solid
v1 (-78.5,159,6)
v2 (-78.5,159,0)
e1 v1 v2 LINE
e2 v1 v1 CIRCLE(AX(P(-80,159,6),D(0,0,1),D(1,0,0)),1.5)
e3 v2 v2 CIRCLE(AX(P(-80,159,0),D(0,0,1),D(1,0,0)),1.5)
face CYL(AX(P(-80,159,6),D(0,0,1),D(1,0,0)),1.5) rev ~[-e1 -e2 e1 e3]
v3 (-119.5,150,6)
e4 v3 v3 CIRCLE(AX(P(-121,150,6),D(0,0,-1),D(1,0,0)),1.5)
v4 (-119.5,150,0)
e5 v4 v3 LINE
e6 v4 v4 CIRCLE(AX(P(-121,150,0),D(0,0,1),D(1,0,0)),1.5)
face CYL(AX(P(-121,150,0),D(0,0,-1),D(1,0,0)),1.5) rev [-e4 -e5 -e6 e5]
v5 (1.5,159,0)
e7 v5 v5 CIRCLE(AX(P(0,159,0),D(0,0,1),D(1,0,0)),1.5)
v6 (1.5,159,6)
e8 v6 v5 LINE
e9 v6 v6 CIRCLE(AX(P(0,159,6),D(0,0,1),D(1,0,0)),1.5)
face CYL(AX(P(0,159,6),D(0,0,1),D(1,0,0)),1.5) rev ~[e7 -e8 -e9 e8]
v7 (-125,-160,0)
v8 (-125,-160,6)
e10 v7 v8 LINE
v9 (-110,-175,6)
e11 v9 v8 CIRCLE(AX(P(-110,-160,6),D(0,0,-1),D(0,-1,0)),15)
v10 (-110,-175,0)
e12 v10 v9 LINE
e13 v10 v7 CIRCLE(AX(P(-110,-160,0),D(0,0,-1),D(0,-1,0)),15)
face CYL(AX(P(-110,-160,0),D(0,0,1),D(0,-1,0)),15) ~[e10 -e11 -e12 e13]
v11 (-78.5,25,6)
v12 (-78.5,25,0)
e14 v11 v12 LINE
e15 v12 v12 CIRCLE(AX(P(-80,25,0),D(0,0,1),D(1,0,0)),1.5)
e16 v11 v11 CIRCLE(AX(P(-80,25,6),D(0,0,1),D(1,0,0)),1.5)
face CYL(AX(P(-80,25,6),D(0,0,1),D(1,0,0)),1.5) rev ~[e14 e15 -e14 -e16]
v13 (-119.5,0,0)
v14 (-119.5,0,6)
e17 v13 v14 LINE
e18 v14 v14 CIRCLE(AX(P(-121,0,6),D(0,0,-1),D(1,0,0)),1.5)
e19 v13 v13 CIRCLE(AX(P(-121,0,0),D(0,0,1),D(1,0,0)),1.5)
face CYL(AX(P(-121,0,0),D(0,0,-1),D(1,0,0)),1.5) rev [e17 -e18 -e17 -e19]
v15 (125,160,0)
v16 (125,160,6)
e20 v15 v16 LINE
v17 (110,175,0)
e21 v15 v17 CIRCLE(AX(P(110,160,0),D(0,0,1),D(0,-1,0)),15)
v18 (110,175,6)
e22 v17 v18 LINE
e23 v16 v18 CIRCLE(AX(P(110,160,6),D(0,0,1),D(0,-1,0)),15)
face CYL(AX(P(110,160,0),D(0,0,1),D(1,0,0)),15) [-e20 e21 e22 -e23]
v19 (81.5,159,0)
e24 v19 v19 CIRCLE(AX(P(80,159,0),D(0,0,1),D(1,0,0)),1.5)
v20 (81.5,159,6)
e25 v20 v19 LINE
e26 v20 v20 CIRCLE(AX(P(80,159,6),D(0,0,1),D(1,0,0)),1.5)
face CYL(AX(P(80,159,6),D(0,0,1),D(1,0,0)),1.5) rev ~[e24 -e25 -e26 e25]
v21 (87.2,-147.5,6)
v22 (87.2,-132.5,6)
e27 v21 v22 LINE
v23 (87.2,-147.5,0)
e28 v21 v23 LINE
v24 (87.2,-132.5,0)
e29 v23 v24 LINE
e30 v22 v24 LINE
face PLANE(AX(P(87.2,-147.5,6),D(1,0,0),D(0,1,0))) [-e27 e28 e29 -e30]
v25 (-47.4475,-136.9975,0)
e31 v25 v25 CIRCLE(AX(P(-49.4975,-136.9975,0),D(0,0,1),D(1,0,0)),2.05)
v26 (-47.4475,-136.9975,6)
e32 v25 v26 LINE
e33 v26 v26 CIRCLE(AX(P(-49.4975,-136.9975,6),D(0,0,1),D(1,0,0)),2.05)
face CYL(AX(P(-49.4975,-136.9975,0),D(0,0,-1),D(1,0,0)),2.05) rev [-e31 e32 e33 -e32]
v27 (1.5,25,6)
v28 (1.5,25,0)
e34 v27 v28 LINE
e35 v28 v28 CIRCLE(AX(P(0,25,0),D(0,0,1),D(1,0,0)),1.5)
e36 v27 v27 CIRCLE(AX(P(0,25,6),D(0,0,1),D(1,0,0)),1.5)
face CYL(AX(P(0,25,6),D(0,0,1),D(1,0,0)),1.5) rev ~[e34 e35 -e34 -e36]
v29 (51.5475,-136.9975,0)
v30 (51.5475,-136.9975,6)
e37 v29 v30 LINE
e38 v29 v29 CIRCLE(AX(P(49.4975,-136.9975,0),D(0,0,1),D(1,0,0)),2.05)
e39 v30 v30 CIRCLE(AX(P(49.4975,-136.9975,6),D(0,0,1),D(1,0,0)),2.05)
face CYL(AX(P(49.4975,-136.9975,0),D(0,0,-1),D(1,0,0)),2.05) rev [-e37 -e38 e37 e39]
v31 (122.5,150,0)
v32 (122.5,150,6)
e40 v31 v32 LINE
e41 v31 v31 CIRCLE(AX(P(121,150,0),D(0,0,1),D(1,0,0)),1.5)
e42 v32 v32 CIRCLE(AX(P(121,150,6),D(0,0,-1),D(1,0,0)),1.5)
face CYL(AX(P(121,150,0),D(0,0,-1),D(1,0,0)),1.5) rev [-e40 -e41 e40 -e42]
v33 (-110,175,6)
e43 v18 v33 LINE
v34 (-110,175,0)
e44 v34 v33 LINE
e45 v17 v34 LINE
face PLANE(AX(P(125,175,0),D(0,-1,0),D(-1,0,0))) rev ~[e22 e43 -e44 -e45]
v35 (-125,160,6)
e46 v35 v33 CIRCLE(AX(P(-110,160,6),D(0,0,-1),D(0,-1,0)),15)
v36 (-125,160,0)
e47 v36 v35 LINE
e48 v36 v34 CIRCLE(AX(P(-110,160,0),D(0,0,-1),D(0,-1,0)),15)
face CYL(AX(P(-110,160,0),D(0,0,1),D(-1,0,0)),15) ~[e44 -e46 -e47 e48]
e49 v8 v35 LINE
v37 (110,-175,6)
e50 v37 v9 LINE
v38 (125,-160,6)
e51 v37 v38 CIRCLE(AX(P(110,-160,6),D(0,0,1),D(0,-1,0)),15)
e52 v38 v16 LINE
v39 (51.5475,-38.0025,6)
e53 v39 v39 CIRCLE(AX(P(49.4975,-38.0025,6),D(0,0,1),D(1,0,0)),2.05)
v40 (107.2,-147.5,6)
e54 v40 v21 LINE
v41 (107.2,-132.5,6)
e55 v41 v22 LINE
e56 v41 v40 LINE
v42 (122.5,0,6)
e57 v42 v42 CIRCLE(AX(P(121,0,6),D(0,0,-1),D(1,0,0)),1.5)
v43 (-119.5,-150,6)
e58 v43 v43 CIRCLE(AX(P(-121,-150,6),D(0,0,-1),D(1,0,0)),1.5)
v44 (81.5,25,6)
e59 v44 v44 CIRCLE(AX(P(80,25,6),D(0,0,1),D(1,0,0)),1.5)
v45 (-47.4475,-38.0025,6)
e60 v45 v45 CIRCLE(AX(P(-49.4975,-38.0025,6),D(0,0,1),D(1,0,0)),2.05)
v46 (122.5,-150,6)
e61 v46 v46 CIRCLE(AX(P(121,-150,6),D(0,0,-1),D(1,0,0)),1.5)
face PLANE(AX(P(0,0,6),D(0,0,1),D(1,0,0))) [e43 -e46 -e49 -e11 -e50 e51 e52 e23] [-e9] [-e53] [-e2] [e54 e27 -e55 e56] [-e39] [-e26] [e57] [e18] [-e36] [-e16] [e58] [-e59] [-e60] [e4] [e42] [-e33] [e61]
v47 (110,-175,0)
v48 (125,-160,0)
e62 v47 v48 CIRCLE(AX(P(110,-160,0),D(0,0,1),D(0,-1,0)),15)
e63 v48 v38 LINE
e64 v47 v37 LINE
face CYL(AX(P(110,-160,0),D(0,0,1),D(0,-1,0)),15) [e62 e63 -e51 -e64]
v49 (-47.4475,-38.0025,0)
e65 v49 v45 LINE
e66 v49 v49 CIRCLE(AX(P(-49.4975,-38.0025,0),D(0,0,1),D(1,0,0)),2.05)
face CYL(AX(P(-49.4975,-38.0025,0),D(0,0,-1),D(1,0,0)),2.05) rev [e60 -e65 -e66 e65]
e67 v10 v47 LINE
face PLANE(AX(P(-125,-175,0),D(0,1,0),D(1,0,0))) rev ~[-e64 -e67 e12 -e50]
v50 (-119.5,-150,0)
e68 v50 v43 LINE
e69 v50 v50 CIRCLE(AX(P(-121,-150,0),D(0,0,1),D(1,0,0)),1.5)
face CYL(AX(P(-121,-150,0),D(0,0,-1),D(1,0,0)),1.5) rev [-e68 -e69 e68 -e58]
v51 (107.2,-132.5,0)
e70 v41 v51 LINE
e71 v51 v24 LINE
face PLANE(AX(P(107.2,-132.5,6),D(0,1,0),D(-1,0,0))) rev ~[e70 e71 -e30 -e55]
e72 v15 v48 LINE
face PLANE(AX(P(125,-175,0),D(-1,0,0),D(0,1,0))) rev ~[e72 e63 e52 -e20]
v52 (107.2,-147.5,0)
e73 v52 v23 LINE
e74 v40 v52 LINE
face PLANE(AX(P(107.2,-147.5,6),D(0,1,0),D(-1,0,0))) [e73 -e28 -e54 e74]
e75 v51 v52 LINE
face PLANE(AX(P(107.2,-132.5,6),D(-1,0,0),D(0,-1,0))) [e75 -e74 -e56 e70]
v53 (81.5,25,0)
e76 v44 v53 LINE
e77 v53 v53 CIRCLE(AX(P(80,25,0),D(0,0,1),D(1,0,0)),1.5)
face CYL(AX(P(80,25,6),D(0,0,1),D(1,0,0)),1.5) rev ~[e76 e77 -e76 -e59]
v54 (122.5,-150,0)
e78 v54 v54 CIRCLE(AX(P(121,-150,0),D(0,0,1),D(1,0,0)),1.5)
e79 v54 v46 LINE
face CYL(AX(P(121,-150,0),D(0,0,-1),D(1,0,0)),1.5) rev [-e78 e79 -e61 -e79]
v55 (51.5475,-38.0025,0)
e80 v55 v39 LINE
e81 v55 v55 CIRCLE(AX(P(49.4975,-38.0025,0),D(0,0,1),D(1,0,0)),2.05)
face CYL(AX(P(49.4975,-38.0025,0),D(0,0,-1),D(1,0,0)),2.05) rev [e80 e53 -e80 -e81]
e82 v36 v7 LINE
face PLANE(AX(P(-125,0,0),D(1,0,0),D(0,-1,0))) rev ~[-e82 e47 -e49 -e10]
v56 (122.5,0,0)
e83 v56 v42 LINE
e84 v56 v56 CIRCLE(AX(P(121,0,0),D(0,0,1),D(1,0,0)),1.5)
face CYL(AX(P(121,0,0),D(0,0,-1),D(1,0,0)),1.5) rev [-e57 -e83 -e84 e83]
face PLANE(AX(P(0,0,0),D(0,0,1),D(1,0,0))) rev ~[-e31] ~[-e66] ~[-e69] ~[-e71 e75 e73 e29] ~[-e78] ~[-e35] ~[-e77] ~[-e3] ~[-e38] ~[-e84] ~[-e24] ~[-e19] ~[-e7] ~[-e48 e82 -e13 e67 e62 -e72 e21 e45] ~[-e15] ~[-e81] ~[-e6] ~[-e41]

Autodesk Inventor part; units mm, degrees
ref_plane "YZ Plane" through (0, 0, 0) normal (1, 0, 0) x (0, 1, 0)
ref_plane "XZ Plane" through (0, 0, 0) normal (0, 1, 0) x (-1, 0, 0)
ref_plane "XY Plane" through (0, 0, 0) normal (0, 0, 1) x (1, 0, 0)
sketch "Sketch1" plane through (0, 0, 0) normal (0, 0, 1) x (1, 0, 0)
  line L0 (-125, -175) -> (125, -175)
  line L1 (125, -175) -> (125, 175)
  line L2 (125, 175) -> (-125, 175)
  line L3 (-125, 175) -> (-125, -175)
  line L4 (-125, -175) -> (125, 175) construction
  line L5 (125, -175) -> (-125, 175) construction
  line L6 (-121, -150) -> (121, -150)
  line L7 (121, -150) -> (121, 150)
  line L8 (121, 150) -> (-121, 150)
  line L9 (-121, 150) -> (-121, -150)
  line L10 (-121, -150) -> (121, 150) construction
  line L11 (121, -150) -> (-121, 150) construction
  circle A0 centre (121, 150) radius 1.5
  circle A1 centre (-121, 150) radius 1.5
  circle A2 centre (-121, -150) radius 1.5
  circle A3 centre (121, -150) radius 1.5
  circle A4 centre (-121, 0) radius 1.5
  circle A5 centre (121, 0) radius 1.5
  line L12 (0, 0) -> (0, -175)
  line L13 (-125, 0) -> (125, -175)
  line L14 (125, 0) -> (-125, -175)
  circle A6 centre (49.4975, -38.0025) radius 2.05
  circle A7 centre (-49.4975, -38.0025) radius 2.05
  circle A8 centre (49.4975, -136.9975) radius 2.05
  circle A9 centre (-49.4975, -136.9975) radius 2.05
  point P0 (121, -148.5)
  point P1 (119.5, -150)
  point P2 (119.5, 150)
  point P3 (121, 148.5)
  point P4 (-121, 148.5)
  point P5 (-119.5, 150)
  point P6 (0, -87.5)
  dimension "d0" = 250
  dimension "d1" = 350
  dimension "d10" = 242
  dimension "d11" = 300
  dimension "d12" = 3
  dimension "d13" = 3
  dimension "d14" = 3
  dimension "d15" = 3
  dimension "d16" = 3
  dimension "d17" = 3
  dimension "d24" = 4.1
  dimension "d25" = 4.1
  dimension "d26" = 4.1
  dimension "d27" = 4.1
extrude "Extrusion1" add sketch "Sketch1" along normal blind 6 contours L14 L6 L12 L0 | L3 L13 L9 A2 L6 L14 | L12 L6 L13 L0 | L3 L2 L1 L14 L7 A5 A0 L8 A1 L9 A4 L13 | L14 L12 L6 | L6 A2 L9 L13 L14 | L13 L6 A3 L7 L14 L1 | L12 L13 L6 | L9 A4 A1 L8 A0 L7 A5 L14 L13 | L14 L7 A3 L6 L13
fillet "Fillet1" radius 15 4 edges at (125, 175, 3) (125, -175, 3) (-125, -175, 3) (-125, 175, 3)
sketch "Sketch2" plane through (0, 0, 6) normal (0, 0, 1) x (1, 0, 0)
  line L0 (90, -127.5) -> (104.4, -127.5)
  line L1 (87.2, -127.5) -> (107.2, -127.5)
  line L2 (87.2, -127.5) -> (107.2, -127.5)
  line L3 (107.2, -127.5) -> (107.2, -147.5)
  line L4 (107.2, -147.5) -> (87.2, -147.5)
  line L5 (87.2, -147.5) -> (87.2, -127.5)
  line L6 (87.2, -147.5) -> (107.2, -147.5)
  line L7 (107.2, -147.5) -> (107.2, -132.5)
  line L8 (107.2, -132.5) -> (87.2, -132.5)
  line L9 (87.2, -132.5) -> (87.2, -147.5)
  point P0 (0, 0)
  point P1 (97.2, -127.5)
  dimension "d28" = 20
  dimension "d29" = 20
  dimension "d30" = 20
  dimension "d31" = 20
  dimension "d32" = 15
extrude "Extrusion2" cut sketch "Sketch2" against normal through all contours L8 L3 L4 L5
sketch "Sketch3" plane through (0, 0, 6) normal (0, 0, 1) x (1, 0, 0)
  circle A0 centre (80, 25) radius 1.5 projected
  circle A1 centre (0, 25) radius 1.5 projected
  circle A2 centre (-80, 25) radius 1.5 projected
  circle A3 centre (-80, 159) radius 1.5 projected
  circle A4 centre (0, 159) radius 1.5 projected
  circle A5 centre (80, 159) radius 1.5 projected
  point P0 (0, 0)
extrude "Extrusion3" cut sketch "Sketch3" against normal through all
properties part number "manipulation layer"
